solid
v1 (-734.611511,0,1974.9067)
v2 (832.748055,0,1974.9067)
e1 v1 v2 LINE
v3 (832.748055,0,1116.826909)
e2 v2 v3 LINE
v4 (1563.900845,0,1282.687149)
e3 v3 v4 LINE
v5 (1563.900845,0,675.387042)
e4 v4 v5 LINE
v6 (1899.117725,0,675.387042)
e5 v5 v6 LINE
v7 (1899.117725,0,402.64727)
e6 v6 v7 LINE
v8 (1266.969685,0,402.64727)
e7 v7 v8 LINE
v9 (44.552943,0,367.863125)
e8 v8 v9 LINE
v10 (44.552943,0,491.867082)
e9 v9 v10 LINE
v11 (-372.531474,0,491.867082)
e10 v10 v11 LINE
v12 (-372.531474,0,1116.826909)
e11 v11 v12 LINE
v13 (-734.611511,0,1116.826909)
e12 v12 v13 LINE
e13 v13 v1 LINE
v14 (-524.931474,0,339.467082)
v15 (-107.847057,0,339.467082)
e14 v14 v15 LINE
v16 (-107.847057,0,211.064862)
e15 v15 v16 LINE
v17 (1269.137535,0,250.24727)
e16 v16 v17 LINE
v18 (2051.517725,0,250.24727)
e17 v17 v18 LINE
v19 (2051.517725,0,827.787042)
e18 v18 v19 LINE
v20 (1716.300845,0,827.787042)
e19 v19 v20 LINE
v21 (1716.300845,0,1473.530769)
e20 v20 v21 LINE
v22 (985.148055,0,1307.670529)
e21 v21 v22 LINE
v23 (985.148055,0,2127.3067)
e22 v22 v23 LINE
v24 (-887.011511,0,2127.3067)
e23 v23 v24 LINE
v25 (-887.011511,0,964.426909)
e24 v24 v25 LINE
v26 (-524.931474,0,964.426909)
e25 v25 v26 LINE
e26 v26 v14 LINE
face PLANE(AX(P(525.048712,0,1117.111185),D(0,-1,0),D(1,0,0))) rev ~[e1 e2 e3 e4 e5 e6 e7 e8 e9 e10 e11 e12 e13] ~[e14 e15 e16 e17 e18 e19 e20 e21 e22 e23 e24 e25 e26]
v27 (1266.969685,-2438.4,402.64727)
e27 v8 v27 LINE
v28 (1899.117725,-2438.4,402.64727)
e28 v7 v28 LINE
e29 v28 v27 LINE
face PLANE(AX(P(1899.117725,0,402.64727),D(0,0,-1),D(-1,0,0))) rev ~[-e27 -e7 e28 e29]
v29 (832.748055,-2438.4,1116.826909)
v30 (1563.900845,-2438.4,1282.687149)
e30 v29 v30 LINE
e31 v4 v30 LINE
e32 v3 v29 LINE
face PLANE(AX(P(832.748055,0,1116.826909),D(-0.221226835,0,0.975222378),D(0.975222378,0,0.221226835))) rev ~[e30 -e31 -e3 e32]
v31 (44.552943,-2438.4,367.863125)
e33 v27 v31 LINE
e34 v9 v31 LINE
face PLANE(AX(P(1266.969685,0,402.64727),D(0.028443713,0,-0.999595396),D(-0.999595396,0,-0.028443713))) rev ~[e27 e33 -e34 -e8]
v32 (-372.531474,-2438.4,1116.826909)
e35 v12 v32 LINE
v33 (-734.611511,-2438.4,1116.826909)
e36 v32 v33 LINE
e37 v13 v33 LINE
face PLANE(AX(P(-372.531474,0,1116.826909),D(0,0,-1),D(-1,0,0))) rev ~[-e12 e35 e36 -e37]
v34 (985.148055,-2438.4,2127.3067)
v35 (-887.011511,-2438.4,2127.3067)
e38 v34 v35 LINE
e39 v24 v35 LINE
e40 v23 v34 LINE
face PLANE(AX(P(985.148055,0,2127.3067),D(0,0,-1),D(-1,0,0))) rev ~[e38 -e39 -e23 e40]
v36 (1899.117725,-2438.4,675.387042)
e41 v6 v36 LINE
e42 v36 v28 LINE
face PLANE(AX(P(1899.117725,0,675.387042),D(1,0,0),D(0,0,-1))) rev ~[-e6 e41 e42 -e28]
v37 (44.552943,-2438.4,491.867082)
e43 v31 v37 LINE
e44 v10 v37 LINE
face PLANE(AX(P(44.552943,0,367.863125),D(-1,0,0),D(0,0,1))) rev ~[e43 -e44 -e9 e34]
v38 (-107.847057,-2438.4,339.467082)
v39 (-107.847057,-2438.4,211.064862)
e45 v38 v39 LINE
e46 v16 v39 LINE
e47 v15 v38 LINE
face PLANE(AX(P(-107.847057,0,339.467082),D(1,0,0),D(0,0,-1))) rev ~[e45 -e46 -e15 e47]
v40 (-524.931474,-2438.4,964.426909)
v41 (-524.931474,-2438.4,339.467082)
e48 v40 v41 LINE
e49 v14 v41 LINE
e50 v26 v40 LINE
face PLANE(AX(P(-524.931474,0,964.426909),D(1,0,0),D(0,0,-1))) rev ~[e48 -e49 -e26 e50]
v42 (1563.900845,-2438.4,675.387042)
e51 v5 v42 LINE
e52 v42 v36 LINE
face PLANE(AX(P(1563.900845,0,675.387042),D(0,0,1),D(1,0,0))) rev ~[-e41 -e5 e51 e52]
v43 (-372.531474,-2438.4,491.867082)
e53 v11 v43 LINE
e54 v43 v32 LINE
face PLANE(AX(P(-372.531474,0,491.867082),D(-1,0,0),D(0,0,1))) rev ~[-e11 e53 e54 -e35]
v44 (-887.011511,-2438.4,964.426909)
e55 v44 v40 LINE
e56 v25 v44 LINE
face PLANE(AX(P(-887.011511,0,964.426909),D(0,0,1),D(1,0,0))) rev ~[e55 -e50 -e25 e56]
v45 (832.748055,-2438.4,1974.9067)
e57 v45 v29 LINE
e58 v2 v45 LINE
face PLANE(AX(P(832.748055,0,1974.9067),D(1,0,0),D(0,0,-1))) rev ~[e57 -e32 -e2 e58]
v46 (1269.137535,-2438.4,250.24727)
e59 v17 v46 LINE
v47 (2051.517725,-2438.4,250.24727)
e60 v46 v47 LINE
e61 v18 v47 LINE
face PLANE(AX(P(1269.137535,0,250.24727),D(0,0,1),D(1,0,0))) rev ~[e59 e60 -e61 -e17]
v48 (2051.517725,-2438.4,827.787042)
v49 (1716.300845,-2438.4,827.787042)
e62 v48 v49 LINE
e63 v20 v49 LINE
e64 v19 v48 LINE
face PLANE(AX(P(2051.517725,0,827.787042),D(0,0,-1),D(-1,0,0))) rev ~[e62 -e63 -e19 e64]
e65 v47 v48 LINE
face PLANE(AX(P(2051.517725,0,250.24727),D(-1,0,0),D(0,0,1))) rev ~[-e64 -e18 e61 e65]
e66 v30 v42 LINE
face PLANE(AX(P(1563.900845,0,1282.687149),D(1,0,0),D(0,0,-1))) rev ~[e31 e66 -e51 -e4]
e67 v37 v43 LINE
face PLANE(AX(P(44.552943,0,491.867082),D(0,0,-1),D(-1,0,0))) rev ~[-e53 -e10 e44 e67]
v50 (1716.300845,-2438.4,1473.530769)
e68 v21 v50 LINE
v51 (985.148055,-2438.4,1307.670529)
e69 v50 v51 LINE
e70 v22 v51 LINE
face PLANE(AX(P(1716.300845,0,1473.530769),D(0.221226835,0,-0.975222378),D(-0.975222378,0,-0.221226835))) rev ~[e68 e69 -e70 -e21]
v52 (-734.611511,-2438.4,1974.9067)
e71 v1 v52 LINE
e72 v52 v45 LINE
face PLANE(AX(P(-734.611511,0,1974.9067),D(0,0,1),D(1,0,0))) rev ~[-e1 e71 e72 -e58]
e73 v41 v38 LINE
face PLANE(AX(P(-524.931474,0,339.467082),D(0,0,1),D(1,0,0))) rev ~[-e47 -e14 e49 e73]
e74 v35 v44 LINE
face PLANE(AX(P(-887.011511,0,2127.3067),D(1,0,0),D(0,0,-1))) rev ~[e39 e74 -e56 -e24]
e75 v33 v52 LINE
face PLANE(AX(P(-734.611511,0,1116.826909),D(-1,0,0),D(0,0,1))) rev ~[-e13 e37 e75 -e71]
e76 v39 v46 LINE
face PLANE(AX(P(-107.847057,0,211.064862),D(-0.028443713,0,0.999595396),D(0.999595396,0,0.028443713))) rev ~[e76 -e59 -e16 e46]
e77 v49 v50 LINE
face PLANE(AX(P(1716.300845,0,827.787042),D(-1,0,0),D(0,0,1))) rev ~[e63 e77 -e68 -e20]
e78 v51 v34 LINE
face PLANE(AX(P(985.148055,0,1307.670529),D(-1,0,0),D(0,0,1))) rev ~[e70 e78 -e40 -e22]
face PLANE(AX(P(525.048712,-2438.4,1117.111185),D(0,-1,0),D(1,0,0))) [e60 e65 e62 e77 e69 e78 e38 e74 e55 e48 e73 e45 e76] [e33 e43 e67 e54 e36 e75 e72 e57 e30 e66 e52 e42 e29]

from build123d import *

# Parameters (mm, degrees)
F1_DEPTH = 2438.4


with BuildPart() as f1:
    # F0 (on Front) → F1 (new body)
    with BuildSketch(Plane.XZ):
        Polygon((-887.011511, 2127.3067), (-887.011511, 964.426909), (-524.931474, 964.426909), (-524.931474, 339.467082), (-107.847057, 339.467082), (-107.847057, 211.064862), (1269.137535, 250.24727), (2051.517725, 250.24727), (2051.517725, 827.787042), (1716.300845, 827.787042), (1716.300845, 1473.530769), (985.148055, 1307.670529), (985.148055, 2127.3067), align=None)
        Polygon((1266.969685, 402.64727), (44.552943, 367.863125), (44.552943, 491.867082), (-372.531474, 491.867082), (-372.531474, 1116.826909), (-734.611511, 1116.826909), (-734.611511, 1974.9067), (832.748055, 1974.9067), (832.748055, 1116.826909), (1563.900845, 1282.687149), (1563.900845, 675.387042), (1899.117725, 675.387042), (1899.117725, 402.64727), align=None, mode=Mode.SUBTRACT)
    extrude(amount=F1_DEPTH)


solid = f1.part
